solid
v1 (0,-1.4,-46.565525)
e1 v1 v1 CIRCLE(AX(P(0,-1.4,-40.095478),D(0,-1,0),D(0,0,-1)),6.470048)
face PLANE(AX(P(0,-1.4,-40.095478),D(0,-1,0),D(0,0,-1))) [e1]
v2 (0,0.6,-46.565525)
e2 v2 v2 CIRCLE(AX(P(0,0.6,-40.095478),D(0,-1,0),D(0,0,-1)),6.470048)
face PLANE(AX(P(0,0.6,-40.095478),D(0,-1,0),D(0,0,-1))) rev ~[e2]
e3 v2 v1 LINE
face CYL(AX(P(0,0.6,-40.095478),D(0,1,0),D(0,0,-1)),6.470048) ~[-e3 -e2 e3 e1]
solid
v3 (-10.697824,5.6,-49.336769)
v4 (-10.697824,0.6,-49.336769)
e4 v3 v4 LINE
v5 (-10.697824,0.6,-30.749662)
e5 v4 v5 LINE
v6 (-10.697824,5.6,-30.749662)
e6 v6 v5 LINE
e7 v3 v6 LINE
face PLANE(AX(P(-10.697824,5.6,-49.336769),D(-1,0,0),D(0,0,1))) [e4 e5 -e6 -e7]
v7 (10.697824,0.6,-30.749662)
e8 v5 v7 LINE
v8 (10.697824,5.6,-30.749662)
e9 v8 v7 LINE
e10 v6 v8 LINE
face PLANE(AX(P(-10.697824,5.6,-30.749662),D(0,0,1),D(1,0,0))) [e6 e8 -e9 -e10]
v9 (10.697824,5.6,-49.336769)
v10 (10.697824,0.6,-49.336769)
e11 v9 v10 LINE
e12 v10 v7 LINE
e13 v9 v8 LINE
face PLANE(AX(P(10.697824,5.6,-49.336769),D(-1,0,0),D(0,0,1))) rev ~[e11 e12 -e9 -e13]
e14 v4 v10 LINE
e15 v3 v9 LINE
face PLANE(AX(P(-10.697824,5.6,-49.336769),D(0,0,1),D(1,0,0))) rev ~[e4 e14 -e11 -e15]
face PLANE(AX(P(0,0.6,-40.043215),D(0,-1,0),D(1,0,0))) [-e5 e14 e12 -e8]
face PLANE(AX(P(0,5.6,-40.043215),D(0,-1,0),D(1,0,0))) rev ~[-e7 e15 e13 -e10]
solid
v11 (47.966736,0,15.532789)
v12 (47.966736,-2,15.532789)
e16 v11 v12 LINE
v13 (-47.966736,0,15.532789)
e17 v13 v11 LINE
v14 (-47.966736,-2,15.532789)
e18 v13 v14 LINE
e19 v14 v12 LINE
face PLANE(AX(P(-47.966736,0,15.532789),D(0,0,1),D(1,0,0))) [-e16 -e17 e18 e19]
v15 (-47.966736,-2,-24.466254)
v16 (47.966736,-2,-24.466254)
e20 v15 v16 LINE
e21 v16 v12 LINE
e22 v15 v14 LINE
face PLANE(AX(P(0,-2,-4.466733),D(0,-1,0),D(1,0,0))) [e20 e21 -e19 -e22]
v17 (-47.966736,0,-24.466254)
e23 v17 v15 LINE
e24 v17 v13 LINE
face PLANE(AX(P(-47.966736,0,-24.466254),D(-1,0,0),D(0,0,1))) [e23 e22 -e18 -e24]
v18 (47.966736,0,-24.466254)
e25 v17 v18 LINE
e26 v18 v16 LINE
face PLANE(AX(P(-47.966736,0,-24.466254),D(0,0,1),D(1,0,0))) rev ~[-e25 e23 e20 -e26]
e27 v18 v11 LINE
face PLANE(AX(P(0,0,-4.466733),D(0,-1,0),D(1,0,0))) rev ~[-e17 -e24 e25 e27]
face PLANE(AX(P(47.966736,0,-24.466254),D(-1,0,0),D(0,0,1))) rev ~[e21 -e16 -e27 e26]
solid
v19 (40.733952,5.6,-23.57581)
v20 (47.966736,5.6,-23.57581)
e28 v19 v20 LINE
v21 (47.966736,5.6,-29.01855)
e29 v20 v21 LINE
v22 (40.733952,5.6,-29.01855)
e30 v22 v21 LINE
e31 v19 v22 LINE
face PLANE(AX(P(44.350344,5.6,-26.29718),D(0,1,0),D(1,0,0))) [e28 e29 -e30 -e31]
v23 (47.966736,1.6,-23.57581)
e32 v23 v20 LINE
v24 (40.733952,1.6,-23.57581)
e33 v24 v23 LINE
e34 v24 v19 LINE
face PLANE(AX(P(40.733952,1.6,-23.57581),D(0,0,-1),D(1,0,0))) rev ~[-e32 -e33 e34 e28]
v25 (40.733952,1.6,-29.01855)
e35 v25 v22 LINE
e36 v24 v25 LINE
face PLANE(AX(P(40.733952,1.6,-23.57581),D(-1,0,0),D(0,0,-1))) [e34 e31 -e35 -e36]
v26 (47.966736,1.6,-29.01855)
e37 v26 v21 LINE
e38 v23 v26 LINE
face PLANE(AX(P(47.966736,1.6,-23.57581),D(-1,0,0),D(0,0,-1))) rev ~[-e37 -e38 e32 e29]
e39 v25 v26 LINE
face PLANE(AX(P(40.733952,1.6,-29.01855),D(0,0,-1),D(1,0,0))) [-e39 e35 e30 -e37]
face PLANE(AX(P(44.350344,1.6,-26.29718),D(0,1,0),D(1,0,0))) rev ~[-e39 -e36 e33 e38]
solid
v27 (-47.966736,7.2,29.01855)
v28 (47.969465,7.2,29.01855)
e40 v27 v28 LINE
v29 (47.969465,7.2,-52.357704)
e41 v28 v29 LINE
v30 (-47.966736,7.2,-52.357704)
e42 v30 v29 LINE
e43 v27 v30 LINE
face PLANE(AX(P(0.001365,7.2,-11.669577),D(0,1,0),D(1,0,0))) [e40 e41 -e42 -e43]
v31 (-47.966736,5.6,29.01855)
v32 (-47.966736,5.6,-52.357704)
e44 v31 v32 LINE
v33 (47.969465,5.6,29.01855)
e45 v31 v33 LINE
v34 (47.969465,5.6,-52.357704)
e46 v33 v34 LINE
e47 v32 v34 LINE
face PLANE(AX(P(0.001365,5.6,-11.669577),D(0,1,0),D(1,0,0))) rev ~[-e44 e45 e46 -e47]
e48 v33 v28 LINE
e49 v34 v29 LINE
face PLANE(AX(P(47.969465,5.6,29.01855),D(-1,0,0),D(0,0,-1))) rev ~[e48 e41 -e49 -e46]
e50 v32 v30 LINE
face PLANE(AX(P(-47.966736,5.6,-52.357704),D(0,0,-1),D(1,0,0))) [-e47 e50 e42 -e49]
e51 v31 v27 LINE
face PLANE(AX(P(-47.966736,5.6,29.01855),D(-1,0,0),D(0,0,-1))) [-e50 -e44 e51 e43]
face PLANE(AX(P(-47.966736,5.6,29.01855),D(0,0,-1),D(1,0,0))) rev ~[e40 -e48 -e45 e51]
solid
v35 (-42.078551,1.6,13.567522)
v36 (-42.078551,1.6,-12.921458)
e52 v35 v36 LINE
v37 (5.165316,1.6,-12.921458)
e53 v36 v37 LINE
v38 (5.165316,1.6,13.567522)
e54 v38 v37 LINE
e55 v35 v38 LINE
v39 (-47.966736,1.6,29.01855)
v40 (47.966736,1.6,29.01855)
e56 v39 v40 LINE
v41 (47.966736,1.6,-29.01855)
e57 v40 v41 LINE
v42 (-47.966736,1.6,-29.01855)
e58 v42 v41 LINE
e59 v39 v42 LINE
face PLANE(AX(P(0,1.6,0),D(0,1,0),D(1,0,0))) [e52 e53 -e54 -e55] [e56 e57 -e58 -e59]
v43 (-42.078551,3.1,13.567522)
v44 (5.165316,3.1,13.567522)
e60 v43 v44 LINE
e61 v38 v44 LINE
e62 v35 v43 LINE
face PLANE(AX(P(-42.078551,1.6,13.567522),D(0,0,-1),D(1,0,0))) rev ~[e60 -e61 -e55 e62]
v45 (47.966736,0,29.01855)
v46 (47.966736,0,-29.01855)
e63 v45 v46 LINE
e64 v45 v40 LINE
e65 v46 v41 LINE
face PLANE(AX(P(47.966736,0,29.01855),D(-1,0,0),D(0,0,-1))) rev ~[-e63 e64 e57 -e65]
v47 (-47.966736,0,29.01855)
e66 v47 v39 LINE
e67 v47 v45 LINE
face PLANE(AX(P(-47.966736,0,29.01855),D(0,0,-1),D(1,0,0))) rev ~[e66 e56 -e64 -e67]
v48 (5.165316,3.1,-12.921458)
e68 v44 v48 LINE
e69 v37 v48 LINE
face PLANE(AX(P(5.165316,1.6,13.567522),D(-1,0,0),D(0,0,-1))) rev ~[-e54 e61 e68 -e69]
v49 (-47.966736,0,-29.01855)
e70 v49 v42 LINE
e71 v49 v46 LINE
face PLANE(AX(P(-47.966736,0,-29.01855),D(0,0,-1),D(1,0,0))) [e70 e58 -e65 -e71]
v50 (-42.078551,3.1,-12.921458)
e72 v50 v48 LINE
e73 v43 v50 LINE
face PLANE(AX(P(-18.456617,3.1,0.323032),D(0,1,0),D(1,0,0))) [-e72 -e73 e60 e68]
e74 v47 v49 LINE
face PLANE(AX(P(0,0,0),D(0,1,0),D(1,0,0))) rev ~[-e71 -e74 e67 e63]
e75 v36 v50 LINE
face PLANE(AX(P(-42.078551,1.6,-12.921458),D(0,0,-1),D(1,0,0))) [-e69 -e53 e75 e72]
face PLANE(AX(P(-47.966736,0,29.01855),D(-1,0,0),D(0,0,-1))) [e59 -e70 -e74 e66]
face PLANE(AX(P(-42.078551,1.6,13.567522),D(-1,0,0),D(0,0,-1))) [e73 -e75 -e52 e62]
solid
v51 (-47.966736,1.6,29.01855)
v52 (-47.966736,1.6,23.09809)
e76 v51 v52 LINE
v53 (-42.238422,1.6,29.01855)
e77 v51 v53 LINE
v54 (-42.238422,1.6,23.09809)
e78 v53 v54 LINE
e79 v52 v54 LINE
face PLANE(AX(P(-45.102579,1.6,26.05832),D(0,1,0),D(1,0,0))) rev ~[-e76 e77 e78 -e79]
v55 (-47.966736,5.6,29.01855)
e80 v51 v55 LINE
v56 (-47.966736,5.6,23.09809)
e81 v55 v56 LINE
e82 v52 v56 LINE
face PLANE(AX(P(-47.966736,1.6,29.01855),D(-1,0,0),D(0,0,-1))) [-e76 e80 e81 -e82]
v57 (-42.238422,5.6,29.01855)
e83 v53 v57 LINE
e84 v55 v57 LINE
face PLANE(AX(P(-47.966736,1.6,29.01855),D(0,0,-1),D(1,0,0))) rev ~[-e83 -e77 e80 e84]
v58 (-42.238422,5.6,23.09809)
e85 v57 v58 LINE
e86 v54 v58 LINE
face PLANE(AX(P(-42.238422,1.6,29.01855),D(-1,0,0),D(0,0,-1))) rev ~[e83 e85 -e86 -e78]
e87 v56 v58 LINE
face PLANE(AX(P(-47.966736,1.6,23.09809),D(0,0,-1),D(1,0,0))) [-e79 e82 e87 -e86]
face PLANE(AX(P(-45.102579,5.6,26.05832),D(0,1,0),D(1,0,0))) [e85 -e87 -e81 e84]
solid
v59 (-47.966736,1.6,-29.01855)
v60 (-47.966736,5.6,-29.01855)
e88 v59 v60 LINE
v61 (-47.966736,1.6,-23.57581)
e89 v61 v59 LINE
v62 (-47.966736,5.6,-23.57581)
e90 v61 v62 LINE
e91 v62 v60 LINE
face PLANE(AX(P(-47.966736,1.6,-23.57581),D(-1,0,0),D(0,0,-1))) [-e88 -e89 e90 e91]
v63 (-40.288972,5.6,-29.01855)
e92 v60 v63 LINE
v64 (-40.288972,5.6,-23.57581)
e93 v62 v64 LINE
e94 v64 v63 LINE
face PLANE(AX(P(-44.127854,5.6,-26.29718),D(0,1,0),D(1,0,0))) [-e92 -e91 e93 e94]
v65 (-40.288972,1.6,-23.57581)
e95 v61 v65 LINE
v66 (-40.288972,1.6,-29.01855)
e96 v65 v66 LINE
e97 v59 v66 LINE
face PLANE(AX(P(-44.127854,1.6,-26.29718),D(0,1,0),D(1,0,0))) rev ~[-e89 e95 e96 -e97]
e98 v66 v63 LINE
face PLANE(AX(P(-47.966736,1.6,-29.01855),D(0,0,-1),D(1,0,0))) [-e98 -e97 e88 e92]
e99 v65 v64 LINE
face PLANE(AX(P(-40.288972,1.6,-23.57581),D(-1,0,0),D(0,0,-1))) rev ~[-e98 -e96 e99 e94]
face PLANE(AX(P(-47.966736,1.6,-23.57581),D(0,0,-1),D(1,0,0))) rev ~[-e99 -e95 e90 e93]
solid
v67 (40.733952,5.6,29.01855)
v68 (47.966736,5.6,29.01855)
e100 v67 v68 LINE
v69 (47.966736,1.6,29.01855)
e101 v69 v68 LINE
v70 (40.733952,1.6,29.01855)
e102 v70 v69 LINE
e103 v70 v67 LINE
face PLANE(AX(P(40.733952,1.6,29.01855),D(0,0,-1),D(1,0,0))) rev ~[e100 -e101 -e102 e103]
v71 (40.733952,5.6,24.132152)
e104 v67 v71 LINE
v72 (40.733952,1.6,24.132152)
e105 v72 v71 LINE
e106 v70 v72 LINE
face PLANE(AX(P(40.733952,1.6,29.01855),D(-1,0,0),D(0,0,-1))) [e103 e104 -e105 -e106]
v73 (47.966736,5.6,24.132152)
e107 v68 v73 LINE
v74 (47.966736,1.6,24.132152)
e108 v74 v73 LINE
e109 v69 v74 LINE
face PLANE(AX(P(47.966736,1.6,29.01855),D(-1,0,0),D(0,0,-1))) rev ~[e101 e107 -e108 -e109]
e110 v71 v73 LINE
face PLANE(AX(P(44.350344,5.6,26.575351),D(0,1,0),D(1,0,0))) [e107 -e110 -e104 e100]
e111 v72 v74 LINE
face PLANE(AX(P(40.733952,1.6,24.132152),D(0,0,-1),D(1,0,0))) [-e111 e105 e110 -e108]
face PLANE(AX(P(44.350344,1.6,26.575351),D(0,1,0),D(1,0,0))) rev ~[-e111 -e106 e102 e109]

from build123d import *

# Parameters (mm, degrees)
SKETCH_1_W        = 95.933471424
SKETCH_1_H        = 58.037100116
EXTRUDE_1_DEPTH   = 1.6
SKETCH_2_W        = 7.677763417
SKETCH_2_H        = 5.44273959
EXTRUDE_2_DEPTH   = 4
SKETCH_2_W_2      = 5.728314019
SKETCH_2_H_2      = 5.920459935
EXTRUDE_2_2_DEPTH = 4
SKETCH_2_W_3      = 7.232783325
EXTRUDE_2_3_DEPTH = 4
SKETCH_2_H_3      = 4.886397559
EXTRUDE_2_4_DEPTH = 4
SKETCH_4_W        = 47.24386775
SKETCH_4_H        = 26.488980314
EXTRUDE_3_DEPTH   = 1.5
SKETCH_5_W        = 95.933471424
SKETCH_5_H        = 39.999042742
EXTRUDE_4_DEPTH   = 2
SKETCH_6_W        = 95.936200817
SKETCH_6_H        = 81.376254056
EXTRUDE_5_DEPTH   = 1.6
SKETCH_7_W        = 21.395648568
SKETCH_7_H        = 18.587106808
EXTRUDE_6_DEPTH   = 5
SKETCH_8_R        = 6.470047581
EXTRUDE_7_DEPTH   = 2


with BuildPart() as part:
    # 草图1 → 凸台-拉伸1 (new body)
    with BuildSketch(Plane(origin=(0, 0, 0), x_dir=(1, 0, 0), z_dir=(0, 1, 0))):
        Rectangle(SKETCH_1_W, SKETCH_1_H)
    extrude(amount=EXTRUDE_1_DEPTH)

    # 草图4 → 凸台-拉伸3 (add)
    with BuildSketch(Plane(origin=(0, 1.6, 0), x_dir=(1, 0, 0), z_dir=(0, 1, 0))):
        with Locations((-18.456617405, -0.323032298)):
            Rectangle(SKETCH_4_W, SKETCH_4_H)
    extrude(amount=EXTRUDE_3_DEPTH)


with BuildPart() as body_2:
    # 草图2 → 凸台-拉伸2 (new body)
    with BuildSketch(Plane(origin=(0, 1.6, 0), x_dir=(1, 0, 0), z_dir=(0, 1, 0))):
        with Locations((-44.127854004, 26.297180263)):
            Rectangle(SKETCH_2_W, SKETCH_2_H)
    extrude(amount=EXTRUDE_2_DEPTH)


with BuildPart() as body_3:
    # 草图2 → Extrude 2 2 (new body)
    with BuildSketch(Plane(origin=(0, 1.6, 0), x_dir=(1, 0, 0), z_dir=(0, 1, 0))):
        with Locations((-45.102578702, -26.058320091)):
            Rectangle(SKETCH_2_W_2, SKETCH_2_H_2)
    extrude(amount=EXTRUDE_2_2_DEPTH)


with BuildPart() as body_4:
    # 草图2 → Extrude 2 3 (new body)
    with BuildSketch(Plane(origin=(0, 1.6, 0), x_dir=(1, 0, 0), z_dir=(0, 1, 0))):
        with Locations((44.35034405, 26.297180263)):
            Rectangle(SKETCH_2_W_3, SKETCH_2_H)
    extrude(amount=EXTRUDE_2_3_DEPTH)


with BuildPart() as body_5:
    # 草图2 → Extrude 2 4 (new body)
    with BuildSketch(Plane(origin=(0, 1.6, 0), x_dir=(1, 0, 0), z_dir=(0, 1, 0))):
        with Locations((44.35034405, -26.575351279)):
            Rectangle(SKETCH_2_W_3, SKETCH_2_H_3)
    extrude(amount=EXTRUDE_2_4_DEPTH)


with BuildPart() as body_6:
    # 草图5 → 凸台-拉伸4 (new body)
    with BuildSketch(Plane.XZ):
        with Locations((0, -4.466732748)):
            Rectangle(SKETCH_5_W, SKETCH_5_H)
    extrude(amount=EXTRUDE_4_DEPTH)


with BuildPart() as body_7:
    # 草图6 → 凸台-拉伸5 (new body)
    with BuildSketch(Plane(origin=(0, 5.6, 0), x_dir=(1, 0, 0), z_dir=(0, 1, 0))):
        with Locations((0.001364697, 11.66957697)):
            Rectangle(SKETCH_6_W, SKETCH_6_H)
    extrude(amount=EXTRUDE_5_DEPTH)


with BuildPart() as body_8:
    # 草图7 → 凸台-拉伸6 (new body)
    with BuildSketch(Plane.XZ.offset(-5.6)):
        with Locations((0, -40.043215121)):
            Rectangle(SKETCH_7_W, SKETCH_7_H)
    extrude(amount=EXTRUDE_6_DEPTH)


with BuildPart() as body_9:
    # 草图8 → 凸台-拉伸7 (new body)
    with BuildSketch(Plane.XZ.offset(-0.6)):
        with Locations(Location((0, -40.095477716, 0), (0, 0, 270))):
            Circle(SKETCH_8_R)
    extrude(amount=EXTRUDE_7_DEPTH)


solid = Compound([part.part, body_2.part, body_3.part, body_4.part, body_5.part, body_6.part, body_7.part, body_8.part, body_9.part])
